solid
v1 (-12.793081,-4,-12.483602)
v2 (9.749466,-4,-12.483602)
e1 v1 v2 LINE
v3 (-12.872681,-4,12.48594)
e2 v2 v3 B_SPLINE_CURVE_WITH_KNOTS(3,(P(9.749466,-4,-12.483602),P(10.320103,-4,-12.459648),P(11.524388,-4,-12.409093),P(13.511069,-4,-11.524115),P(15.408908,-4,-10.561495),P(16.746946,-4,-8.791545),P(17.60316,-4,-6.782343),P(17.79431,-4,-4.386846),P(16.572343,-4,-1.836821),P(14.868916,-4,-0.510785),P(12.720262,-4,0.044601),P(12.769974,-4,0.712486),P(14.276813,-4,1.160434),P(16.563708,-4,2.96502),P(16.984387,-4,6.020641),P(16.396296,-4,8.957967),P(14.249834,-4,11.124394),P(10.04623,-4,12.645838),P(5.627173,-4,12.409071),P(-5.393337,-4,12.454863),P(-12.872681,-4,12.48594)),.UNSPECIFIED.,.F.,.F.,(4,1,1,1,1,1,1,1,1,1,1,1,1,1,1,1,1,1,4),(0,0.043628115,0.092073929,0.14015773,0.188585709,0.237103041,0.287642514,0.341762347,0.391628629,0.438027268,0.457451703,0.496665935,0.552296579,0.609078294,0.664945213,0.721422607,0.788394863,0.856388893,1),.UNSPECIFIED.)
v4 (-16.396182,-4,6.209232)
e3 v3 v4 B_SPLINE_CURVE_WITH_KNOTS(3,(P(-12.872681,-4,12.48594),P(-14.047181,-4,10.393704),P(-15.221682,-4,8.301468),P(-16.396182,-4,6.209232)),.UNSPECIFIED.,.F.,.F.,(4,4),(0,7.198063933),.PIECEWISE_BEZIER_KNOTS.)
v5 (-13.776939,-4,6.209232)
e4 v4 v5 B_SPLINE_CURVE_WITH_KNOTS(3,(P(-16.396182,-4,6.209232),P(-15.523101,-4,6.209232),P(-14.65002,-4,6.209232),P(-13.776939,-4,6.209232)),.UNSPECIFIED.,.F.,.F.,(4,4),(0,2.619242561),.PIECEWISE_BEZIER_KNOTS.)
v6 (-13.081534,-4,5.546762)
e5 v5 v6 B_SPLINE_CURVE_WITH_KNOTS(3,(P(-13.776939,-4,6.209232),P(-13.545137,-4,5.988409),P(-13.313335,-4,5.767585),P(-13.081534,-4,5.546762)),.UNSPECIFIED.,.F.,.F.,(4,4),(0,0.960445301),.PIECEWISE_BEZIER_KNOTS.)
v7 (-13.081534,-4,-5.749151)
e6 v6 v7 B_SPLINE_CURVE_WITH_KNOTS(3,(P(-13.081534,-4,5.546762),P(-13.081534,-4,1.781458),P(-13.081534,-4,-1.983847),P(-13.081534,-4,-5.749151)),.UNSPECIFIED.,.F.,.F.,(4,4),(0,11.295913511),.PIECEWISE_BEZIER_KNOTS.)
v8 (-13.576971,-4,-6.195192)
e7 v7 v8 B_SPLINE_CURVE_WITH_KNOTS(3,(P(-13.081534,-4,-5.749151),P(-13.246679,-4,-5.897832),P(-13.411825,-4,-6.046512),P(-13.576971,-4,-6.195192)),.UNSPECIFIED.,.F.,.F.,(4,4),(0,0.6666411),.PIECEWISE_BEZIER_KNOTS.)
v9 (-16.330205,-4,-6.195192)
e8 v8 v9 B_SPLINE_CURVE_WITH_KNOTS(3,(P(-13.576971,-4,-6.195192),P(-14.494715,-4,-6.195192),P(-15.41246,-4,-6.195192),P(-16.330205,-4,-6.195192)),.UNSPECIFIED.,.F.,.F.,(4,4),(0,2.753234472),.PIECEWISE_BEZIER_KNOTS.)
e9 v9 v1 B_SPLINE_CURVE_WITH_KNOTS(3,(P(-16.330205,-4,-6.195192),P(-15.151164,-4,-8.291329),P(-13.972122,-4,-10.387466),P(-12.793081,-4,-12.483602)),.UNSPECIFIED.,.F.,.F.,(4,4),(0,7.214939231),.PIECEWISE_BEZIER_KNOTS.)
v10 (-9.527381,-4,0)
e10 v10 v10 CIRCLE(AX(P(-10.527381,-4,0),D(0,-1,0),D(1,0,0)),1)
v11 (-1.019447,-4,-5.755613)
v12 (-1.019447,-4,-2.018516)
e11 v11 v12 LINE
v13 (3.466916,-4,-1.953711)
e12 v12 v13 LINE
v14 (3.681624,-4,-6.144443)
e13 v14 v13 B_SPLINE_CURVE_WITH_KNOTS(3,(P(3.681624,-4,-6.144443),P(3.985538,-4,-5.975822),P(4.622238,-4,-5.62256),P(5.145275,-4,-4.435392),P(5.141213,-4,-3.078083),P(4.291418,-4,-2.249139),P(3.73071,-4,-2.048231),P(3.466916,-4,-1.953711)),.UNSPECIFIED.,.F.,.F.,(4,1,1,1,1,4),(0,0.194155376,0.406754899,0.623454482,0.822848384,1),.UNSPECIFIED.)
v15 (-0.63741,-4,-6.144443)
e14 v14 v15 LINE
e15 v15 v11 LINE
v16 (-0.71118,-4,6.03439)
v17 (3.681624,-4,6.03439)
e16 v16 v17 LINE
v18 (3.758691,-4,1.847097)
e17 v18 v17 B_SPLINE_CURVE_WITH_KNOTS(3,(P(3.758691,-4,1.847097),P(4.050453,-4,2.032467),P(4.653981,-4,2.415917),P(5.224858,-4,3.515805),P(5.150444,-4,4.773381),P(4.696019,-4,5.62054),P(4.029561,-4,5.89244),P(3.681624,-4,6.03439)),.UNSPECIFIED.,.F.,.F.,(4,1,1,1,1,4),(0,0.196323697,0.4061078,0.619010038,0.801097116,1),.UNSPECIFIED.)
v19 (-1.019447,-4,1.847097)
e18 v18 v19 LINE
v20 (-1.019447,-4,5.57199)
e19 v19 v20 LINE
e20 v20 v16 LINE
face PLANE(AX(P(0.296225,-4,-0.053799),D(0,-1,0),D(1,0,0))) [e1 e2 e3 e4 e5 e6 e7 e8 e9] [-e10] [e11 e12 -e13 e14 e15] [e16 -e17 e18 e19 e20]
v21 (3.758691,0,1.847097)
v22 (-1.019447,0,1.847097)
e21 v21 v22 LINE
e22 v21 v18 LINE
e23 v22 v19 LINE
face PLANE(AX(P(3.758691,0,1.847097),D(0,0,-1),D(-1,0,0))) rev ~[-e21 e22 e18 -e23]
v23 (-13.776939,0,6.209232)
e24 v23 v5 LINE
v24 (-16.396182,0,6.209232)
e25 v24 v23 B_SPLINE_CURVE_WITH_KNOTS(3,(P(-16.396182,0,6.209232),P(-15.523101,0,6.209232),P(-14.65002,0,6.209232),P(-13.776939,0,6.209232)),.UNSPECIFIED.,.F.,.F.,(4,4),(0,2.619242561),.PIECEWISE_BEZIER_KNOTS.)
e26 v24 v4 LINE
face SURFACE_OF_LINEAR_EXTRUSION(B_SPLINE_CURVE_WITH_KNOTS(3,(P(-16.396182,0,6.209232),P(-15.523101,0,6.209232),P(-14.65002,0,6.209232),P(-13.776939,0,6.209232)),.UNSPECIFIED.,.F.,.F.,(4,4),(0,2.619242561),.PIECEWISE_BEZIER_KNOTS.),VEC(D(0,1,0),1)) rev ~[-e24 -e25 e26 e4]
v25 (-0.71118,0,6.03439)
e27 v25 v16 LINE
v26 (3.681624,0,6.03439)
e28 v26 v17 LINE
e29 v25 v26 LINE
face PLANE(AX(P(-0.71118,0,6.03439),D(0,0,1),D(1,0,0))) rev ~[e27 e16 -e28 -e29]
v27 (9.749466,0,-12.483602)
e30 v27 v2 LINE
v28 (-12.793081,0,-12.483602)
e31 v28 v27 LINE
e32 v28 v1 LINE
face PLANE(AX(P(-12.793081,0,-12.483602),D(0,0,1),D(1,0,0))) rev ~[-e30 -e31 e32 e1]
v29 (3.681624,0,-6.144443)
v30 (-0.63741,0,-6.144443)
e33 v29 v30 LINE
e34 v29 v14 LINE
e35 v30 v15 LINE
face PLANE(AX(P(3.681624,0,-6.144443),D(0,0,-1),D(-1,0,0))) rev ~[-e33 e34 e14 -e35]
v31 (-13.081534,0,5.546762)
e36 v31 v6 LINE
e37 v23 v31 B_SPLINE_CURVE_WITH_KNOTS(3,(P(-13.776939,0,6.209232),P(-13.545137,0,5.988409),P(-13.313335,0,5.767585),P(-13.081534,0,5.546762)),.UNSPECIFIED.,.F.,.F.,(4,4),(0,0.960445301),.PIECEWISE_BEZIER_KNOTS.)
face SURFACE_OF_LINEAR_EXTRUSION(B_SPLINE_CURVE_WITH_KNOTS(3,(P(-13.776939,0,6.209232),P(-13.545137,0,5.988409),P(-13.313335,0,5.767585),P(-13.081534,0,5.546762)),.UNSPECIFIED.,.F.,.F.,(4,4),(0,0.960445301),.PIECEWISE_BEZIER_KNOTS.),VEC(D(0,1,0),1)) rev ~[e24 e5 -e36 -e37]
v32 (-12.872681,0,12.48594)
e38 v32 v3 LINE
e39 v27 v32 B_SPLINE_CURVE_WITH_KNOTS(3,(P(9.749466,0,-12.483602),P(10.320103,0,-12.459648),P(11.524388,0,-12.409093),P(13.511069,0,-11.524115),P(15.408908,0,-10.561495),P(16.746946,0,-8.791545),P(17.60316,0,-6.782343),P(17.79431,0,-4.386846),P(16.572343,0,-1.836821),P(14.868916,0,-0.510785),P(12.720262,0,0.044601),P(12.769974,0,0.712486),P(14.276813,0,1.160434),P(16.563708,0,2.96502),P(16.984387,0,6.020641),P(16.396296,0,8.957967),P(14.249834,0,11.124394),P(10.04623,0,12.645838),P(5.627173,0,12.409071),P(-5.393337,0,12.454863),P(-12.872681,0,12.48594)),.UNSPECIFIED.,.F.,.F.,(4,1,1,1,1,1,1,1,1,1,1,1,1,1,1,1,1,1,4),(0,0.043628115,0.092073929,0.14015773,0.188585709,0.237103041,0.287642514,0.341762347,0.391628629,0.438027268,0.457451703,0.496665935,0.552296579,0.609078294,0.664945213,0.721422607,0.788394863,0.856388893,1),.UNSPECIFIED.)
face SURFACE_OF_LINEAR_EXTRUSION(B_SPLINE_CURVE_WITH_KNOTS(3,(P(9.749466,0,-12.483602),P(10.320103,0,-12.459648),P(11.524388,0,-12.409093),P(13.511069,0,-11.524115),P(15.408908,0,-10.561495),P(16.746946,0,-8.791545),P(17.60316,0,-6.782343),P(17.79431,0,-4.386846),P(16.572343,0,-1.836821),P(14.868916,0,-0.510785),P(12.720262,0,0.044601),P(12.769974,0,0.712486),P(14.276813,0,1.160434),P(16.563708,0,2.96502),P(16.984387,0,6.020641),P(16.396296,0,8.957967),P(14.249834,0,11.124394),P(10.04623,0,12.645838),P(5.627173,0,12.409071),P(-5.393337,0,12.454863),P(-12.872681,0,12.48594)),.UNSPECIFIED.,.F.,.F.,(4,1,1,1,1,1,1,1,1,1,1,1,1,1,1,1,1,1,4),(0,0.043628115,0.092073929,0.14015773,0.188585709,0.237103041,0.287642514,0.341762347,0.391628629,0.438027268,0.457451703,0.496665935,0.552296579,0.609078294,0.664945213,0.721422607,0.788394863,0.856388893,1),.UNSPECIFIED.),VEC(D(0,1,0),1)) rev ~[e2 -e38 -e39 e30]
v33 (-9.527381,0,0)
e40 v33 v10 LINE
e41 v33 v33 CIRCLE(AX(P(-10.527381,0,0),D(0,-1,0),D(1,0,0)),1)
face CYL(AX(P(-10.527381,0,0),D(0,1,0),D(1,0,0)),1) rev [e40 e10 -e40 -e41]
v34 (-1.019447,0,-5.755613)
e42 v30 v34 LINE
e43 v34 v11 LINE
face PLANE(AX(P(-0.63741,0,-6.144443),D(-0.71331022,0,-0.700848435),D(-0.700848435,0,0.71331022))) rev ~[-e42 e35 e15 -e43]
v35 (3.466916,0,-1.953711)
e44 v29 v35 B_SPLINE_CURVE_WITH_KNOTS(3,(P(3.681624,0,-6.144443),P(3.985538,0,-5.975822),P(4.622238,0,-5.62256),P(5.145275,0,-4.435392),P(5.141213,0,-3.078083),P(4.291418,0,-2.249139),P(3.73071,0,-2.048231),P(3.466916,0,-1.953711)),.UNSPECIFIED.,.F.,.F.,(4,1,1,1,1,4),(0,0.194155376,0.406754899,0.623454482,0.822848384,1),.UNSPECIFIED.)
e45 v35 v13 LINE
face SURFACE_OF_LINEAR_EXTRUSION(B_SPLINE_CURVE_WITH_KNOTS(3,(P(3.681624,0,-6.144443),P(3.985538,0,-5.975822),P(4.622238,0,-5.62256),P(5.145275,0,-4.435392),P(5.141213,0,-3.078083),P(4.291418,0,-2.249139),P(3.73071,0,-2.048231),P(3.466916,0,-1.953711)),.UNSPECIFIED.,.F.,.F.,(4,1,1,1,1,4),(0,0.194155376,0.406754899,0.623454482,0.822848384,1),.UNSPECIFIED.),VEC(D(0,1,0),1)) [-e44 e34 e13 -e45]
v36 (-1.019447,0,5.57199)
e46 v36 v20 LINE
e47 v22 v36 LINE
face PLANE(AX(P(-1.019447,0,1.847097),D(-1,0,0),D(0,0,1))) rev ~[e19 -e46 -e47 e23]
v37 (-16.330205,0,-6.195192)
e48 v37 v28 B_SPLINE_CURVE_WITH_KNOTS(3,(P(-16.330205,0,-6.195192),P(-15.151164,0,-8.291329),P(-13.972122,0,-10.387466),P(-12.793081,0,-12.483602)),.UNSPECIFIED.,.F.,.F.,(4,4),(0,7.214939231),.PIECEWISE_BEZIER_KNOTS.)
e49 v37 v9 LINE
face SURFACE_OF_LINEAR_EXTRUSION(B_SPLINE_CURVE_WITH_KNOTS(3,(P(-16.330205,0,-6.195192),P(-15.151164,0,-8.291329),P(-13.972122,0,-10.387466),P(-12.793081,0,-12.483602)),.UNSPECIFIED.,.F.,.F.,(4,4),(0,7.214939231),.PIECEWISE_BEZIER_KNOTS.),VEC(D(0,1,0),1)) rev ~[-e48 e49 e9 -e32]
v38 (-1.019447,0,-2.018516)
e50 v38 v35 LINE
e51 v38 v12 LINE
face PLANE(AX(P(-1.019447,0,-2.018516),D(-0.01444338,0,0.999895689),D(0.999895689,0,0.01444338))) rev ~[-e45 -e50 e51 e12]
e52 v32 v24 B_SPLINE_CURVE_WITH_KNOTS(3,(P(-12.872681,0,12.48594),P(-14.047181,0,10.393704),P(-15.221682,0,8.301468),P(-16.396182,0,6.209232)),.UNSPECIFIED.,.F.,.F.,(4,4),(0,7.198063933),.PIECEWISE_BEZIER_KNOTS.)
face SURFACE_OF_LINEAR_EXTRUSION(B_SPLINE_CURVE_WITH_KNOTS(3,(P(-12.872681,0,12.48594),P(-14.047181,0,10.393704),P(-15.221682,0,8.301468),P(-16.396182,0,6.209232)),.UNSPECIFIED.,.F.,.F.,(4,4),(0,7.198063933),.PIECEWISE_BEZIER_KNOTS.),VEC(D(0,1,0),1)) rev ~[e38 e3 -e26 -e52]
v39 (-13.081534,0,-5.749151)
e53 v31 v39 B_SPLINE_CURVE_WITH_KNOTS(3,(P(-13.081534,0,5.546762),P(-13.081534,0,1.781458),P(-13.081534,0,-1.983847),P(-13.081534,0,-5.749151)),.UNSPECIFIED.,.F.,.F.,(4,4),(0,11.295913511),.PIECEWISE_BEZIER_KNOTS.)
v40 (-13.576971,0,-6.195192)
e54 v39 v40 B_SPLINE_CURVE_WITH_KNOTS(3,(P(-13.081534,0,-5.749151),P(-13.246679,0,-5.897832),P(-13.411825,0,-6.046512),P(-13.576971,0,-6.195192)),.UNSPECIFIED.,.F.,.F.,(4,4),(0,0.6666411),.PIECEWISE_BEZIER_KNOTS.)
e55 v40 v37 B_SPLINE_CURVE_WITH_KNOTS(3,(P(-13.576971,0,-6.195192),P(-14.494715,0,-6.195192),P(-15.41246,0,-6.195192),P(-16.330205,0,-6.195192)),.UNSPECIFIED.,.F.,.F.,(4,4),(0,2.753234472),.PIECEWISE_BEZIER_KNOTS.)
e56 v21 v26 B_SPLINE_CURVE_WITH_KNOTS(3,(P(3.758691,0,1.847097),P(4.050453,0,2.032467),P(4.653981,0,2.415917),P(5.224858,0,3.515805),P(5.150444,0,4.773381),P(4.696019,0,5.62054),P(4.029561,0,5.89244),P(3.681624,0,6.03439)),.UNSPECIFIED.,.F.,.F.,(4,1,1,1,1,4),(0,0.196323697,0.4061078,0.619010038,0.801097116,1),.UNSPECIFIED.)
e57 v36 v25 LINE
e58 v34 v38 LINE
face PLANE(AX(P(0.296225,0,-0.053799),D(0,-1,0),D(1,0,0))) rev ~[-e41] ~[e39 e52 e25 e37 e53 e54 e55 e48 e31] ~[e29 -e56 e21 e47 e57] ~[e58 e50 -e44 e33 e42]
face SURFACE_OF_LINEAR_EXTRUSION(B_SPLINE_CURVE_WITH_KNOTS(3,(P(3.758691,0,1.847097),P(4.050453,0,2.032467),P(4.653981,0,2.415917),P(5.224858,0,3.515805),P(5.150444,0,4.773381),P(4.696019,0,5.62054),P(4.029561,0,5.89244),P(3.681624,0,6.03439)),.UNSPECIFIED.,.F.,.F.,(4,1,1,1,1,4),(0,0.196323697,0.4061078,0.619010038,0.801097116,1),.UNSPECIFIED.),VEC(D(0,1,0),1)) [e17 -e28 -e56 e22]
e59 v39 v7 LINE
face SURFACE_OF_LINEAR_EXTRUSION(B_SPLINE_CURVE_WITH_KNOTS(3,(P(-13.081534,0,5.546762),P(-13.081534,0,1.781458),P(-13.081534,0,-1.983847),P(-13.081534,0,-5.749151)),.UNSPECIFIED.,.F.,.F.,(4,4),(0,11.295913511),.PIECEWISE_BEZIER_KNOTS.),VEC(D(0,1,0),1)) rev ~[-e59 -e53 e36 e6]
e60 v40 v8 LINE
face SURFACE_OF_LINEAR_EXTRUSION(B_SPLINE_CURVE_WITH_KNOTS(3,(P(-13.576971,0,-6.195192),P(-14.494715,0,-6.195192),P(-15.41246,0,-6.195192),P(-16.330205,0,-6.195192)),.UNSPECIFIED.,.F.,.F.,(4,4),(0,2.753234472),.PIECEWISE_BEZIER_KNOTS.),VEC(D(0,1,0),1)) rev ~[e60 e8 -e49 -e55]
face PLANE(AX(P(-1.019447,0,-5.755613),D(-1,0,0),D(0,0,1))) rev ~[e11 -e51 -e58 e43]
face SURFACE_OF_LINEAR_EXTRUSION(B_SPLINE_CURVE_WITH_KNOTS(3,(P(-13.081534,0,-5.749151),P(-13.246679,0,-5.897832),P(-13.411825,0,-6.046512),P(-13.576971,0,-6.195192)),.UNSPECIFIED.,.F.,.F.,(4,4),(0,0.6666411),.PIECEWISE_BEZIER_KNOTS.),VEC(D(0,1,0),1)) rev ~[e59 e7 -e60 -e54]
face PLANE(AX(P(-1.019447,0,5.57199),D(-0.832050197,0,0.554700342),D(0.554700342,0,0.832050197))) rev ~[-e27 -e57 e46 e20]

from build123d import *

# Parameters (mm, degrees)
F0_R     = 1
F1_DEPTH = 4


with BuildPart() as f1:
    # F0 (on Front) → F1 (new body)
    with BuildSketch(Plane.XZ):
        with BuildLine():
            add(Edge.make_bspline(
                [(-16.3302050096, -6.1951922395), (-15.1511635759, -8.2913288918), (-13.9721221423, -10.3874655441), (-12.7930807086, -12.4836021964)],
                knots=[0, 0, 0, 0, 7.214939231, 7.214939231, 7.214939231, 7.214939231], degree=3))
            Line((-12.7930807086, -12.4836021964), (9.7494664592, -12.4836021964))
            add(Edge.make_bspline(
                [(9.7494664592, -12.4836021964), (10.32010266, -12.4596476829), (11.524388393, -12.4090934439), (13.5110688002, -11.52411488), (15.4089080657, -10.5614948841), (16.7469456181, -8.7915452766), (17.6031595134, -6.78234347), (17.7943100047, -4.3868464158), (16.5723430452, -1.8368213193), (14.8689164335, -0.5107853469), (12.7202615994, 0.0446005977), (12.7699740664, 0.7124862946), (14.2768133434, 1.160434083), (16.5637075767, 2.9650204395), (16.9843867368, 6.0206408776), (16.3962958347, 8.95796727), (14.2498338616, 11.1243941376), (10.0462304971, 12.6458375624), (5.6271732073, 12.4090714279), (-5.3933367483, 12.4548625739), (-12.8726808417, 12.4859398779)],
                knots=[0, 0, 0, 0, 0.0436281153, 0.0920739287, 0.1401577302, 0.1885857089, 0.2371030407, 0.2876425144, 0.3417623471, 0.3916286287, 0.4380272683, 0.4574517029, 0.4966659345, 0.5522965785, 0.6090782942, 0.6649452134, 0.7214226065, 0.7883948626, 0.856388893, 1, 1, 1, 1], degree=3))
            add(Edge.make_bspline(
                [(-12.8726808417, 12.4859398779), (-14.0471812102, 10.3937038506), (-15.2216815787, 8.3014678233), (-16.3961819472, 6.209231796)],
                knots=[0, 0, 0, 0, 7.1980639331, 7.1980639331, 7.1980639331, 7.1980639331], degree=3))
            add(Edge.make_bspline(
                [(-16.3961819472, 6.209231796), (-15.5231010937, 6.209231796), (-14.6500202402, 6.209231796), (-13.7769393867, 6.209231796)],
                knots=[0, 0, 0, 0, 2.6192425605, 2.6192425605, 2.6192425605, 2.6192425605], degree=3))
            add(Edge.make_bspline(
                [(-13.7769393867, 6.209231796), (-13.5451374425, 5.9884086129), (-13.3133354982, 5.7675854298), (-13.081533554, 5.5467622467)],
                knots=[0, 0, 0, 0, 0.9604453008, 0.9604453008, 0.9604453008, 0.9604453008], degree=3))
            add(Edge.make_bspline(
                [(-13.081533554, 5.5467622467), (-13.081533554, 1.7814577432), (-13.081533554, -1.9838467604), (-13.081533554, -5.7491512639)],
                knots=[0, 0, 0, 0, 11.2959135106, 11.2959135106, 11.2959135106, 11.2959135106], degree=3))
            add(Edge.make_bspline(
                [(-13.081533554, -5.7491512639), (-13.2466792152, -5.8978315891), (-13.4118248764, -6.0465119143), (-13.5769705377, -6.1951922395)],
                knots=[0, 0, 0, 0, 0.6666411003, 0.6666411003, 0.6666411003, 0.6666411003], degree=3))
            add(Edge.make_bspline(
                [(-13.5769705377, -6.1951922395), (-14.4947153616, -6.1951922395), (-15.4124601856, -6.1951922395), (-16.3302050096, -6.1951922395)],
                knots=[0, 0, 0, 0, 2.753234472, 2.753234472, 2.753234472, 2.753234472], degree=3))
        make_face()
        with BuildLine():
            Line((-1.0194473687, -5.7556127145), (-1.0194473687, -2.0185159171))
            Line((-1.0194473687, -2.0185159171), (3.4669161374, -1.9537109065))
            add(Edge.make_bspline(
                [(3.6816239957, -6.1444433389), (3.9855384977, -5.9758217346), (4.6222384181, -5.622560007), (5.1452751146, -4.4353922591), (5.1412133863, -3.0780826975), (4.2914179737, -2.2491393422), (3.730709868, -2.0482312165), (3.4669161374, -1.9537109065)],
                knots=[0, 0, 0, 0, 0.1941553762, 0.4067548991, 0.6234544821, 0.8228483843, 1, 1, 1, 1], degree=3))
            Line((3.6816239957, -6.1444433389), (-0.6374097545, -6.1444433389))
            Line((-0.6374097545, -6.1444433389), (-1.0194473687, -5.7556127145))
        make_face(mode=Mode.SUBTRACT)
        with Locations((-10.5273813404, 0)):
            Circle(F0_R, mode=Mode.SUBTRACT)
        with BuildLine():
            Line((-1.0194473687, 1.8470971123), (-1.0194473687, 5.5719896801))
            Line((-1.0194473687, 5.5719896801), (-0.7111804135, 6.0343899375))
            Line((-0.7111804135, 6.0343899375), (3.6816239957, 6.0343899375))
            add(Edge.make_bspline(
                [(3.7586906117, 1.8470971123), (4.0504527954, 2.032467142), (4.6539810501, 2.4159165977), (5.2248584762, 3.5158047538), (5.1504440633, 4.7733814745), (4.6960186519, 5.6205399893), (4.029560729, 5.8924396638), (3.6816239957, 6.0343899375)],
                knots=[0, 0, 0, 0, 0.1963236974, 0.4061077998, 0.619010038, 0.8010971162, 1, 1, 1, 1], degree=3))
            Line((3.7586906117, 1.8470971123), (-1.0194473687, 1.8470971123))
        make_face(mode=Mode.SUBTRACT)
    extrude(amount=F1_DEPTH)


solid = f1.part
